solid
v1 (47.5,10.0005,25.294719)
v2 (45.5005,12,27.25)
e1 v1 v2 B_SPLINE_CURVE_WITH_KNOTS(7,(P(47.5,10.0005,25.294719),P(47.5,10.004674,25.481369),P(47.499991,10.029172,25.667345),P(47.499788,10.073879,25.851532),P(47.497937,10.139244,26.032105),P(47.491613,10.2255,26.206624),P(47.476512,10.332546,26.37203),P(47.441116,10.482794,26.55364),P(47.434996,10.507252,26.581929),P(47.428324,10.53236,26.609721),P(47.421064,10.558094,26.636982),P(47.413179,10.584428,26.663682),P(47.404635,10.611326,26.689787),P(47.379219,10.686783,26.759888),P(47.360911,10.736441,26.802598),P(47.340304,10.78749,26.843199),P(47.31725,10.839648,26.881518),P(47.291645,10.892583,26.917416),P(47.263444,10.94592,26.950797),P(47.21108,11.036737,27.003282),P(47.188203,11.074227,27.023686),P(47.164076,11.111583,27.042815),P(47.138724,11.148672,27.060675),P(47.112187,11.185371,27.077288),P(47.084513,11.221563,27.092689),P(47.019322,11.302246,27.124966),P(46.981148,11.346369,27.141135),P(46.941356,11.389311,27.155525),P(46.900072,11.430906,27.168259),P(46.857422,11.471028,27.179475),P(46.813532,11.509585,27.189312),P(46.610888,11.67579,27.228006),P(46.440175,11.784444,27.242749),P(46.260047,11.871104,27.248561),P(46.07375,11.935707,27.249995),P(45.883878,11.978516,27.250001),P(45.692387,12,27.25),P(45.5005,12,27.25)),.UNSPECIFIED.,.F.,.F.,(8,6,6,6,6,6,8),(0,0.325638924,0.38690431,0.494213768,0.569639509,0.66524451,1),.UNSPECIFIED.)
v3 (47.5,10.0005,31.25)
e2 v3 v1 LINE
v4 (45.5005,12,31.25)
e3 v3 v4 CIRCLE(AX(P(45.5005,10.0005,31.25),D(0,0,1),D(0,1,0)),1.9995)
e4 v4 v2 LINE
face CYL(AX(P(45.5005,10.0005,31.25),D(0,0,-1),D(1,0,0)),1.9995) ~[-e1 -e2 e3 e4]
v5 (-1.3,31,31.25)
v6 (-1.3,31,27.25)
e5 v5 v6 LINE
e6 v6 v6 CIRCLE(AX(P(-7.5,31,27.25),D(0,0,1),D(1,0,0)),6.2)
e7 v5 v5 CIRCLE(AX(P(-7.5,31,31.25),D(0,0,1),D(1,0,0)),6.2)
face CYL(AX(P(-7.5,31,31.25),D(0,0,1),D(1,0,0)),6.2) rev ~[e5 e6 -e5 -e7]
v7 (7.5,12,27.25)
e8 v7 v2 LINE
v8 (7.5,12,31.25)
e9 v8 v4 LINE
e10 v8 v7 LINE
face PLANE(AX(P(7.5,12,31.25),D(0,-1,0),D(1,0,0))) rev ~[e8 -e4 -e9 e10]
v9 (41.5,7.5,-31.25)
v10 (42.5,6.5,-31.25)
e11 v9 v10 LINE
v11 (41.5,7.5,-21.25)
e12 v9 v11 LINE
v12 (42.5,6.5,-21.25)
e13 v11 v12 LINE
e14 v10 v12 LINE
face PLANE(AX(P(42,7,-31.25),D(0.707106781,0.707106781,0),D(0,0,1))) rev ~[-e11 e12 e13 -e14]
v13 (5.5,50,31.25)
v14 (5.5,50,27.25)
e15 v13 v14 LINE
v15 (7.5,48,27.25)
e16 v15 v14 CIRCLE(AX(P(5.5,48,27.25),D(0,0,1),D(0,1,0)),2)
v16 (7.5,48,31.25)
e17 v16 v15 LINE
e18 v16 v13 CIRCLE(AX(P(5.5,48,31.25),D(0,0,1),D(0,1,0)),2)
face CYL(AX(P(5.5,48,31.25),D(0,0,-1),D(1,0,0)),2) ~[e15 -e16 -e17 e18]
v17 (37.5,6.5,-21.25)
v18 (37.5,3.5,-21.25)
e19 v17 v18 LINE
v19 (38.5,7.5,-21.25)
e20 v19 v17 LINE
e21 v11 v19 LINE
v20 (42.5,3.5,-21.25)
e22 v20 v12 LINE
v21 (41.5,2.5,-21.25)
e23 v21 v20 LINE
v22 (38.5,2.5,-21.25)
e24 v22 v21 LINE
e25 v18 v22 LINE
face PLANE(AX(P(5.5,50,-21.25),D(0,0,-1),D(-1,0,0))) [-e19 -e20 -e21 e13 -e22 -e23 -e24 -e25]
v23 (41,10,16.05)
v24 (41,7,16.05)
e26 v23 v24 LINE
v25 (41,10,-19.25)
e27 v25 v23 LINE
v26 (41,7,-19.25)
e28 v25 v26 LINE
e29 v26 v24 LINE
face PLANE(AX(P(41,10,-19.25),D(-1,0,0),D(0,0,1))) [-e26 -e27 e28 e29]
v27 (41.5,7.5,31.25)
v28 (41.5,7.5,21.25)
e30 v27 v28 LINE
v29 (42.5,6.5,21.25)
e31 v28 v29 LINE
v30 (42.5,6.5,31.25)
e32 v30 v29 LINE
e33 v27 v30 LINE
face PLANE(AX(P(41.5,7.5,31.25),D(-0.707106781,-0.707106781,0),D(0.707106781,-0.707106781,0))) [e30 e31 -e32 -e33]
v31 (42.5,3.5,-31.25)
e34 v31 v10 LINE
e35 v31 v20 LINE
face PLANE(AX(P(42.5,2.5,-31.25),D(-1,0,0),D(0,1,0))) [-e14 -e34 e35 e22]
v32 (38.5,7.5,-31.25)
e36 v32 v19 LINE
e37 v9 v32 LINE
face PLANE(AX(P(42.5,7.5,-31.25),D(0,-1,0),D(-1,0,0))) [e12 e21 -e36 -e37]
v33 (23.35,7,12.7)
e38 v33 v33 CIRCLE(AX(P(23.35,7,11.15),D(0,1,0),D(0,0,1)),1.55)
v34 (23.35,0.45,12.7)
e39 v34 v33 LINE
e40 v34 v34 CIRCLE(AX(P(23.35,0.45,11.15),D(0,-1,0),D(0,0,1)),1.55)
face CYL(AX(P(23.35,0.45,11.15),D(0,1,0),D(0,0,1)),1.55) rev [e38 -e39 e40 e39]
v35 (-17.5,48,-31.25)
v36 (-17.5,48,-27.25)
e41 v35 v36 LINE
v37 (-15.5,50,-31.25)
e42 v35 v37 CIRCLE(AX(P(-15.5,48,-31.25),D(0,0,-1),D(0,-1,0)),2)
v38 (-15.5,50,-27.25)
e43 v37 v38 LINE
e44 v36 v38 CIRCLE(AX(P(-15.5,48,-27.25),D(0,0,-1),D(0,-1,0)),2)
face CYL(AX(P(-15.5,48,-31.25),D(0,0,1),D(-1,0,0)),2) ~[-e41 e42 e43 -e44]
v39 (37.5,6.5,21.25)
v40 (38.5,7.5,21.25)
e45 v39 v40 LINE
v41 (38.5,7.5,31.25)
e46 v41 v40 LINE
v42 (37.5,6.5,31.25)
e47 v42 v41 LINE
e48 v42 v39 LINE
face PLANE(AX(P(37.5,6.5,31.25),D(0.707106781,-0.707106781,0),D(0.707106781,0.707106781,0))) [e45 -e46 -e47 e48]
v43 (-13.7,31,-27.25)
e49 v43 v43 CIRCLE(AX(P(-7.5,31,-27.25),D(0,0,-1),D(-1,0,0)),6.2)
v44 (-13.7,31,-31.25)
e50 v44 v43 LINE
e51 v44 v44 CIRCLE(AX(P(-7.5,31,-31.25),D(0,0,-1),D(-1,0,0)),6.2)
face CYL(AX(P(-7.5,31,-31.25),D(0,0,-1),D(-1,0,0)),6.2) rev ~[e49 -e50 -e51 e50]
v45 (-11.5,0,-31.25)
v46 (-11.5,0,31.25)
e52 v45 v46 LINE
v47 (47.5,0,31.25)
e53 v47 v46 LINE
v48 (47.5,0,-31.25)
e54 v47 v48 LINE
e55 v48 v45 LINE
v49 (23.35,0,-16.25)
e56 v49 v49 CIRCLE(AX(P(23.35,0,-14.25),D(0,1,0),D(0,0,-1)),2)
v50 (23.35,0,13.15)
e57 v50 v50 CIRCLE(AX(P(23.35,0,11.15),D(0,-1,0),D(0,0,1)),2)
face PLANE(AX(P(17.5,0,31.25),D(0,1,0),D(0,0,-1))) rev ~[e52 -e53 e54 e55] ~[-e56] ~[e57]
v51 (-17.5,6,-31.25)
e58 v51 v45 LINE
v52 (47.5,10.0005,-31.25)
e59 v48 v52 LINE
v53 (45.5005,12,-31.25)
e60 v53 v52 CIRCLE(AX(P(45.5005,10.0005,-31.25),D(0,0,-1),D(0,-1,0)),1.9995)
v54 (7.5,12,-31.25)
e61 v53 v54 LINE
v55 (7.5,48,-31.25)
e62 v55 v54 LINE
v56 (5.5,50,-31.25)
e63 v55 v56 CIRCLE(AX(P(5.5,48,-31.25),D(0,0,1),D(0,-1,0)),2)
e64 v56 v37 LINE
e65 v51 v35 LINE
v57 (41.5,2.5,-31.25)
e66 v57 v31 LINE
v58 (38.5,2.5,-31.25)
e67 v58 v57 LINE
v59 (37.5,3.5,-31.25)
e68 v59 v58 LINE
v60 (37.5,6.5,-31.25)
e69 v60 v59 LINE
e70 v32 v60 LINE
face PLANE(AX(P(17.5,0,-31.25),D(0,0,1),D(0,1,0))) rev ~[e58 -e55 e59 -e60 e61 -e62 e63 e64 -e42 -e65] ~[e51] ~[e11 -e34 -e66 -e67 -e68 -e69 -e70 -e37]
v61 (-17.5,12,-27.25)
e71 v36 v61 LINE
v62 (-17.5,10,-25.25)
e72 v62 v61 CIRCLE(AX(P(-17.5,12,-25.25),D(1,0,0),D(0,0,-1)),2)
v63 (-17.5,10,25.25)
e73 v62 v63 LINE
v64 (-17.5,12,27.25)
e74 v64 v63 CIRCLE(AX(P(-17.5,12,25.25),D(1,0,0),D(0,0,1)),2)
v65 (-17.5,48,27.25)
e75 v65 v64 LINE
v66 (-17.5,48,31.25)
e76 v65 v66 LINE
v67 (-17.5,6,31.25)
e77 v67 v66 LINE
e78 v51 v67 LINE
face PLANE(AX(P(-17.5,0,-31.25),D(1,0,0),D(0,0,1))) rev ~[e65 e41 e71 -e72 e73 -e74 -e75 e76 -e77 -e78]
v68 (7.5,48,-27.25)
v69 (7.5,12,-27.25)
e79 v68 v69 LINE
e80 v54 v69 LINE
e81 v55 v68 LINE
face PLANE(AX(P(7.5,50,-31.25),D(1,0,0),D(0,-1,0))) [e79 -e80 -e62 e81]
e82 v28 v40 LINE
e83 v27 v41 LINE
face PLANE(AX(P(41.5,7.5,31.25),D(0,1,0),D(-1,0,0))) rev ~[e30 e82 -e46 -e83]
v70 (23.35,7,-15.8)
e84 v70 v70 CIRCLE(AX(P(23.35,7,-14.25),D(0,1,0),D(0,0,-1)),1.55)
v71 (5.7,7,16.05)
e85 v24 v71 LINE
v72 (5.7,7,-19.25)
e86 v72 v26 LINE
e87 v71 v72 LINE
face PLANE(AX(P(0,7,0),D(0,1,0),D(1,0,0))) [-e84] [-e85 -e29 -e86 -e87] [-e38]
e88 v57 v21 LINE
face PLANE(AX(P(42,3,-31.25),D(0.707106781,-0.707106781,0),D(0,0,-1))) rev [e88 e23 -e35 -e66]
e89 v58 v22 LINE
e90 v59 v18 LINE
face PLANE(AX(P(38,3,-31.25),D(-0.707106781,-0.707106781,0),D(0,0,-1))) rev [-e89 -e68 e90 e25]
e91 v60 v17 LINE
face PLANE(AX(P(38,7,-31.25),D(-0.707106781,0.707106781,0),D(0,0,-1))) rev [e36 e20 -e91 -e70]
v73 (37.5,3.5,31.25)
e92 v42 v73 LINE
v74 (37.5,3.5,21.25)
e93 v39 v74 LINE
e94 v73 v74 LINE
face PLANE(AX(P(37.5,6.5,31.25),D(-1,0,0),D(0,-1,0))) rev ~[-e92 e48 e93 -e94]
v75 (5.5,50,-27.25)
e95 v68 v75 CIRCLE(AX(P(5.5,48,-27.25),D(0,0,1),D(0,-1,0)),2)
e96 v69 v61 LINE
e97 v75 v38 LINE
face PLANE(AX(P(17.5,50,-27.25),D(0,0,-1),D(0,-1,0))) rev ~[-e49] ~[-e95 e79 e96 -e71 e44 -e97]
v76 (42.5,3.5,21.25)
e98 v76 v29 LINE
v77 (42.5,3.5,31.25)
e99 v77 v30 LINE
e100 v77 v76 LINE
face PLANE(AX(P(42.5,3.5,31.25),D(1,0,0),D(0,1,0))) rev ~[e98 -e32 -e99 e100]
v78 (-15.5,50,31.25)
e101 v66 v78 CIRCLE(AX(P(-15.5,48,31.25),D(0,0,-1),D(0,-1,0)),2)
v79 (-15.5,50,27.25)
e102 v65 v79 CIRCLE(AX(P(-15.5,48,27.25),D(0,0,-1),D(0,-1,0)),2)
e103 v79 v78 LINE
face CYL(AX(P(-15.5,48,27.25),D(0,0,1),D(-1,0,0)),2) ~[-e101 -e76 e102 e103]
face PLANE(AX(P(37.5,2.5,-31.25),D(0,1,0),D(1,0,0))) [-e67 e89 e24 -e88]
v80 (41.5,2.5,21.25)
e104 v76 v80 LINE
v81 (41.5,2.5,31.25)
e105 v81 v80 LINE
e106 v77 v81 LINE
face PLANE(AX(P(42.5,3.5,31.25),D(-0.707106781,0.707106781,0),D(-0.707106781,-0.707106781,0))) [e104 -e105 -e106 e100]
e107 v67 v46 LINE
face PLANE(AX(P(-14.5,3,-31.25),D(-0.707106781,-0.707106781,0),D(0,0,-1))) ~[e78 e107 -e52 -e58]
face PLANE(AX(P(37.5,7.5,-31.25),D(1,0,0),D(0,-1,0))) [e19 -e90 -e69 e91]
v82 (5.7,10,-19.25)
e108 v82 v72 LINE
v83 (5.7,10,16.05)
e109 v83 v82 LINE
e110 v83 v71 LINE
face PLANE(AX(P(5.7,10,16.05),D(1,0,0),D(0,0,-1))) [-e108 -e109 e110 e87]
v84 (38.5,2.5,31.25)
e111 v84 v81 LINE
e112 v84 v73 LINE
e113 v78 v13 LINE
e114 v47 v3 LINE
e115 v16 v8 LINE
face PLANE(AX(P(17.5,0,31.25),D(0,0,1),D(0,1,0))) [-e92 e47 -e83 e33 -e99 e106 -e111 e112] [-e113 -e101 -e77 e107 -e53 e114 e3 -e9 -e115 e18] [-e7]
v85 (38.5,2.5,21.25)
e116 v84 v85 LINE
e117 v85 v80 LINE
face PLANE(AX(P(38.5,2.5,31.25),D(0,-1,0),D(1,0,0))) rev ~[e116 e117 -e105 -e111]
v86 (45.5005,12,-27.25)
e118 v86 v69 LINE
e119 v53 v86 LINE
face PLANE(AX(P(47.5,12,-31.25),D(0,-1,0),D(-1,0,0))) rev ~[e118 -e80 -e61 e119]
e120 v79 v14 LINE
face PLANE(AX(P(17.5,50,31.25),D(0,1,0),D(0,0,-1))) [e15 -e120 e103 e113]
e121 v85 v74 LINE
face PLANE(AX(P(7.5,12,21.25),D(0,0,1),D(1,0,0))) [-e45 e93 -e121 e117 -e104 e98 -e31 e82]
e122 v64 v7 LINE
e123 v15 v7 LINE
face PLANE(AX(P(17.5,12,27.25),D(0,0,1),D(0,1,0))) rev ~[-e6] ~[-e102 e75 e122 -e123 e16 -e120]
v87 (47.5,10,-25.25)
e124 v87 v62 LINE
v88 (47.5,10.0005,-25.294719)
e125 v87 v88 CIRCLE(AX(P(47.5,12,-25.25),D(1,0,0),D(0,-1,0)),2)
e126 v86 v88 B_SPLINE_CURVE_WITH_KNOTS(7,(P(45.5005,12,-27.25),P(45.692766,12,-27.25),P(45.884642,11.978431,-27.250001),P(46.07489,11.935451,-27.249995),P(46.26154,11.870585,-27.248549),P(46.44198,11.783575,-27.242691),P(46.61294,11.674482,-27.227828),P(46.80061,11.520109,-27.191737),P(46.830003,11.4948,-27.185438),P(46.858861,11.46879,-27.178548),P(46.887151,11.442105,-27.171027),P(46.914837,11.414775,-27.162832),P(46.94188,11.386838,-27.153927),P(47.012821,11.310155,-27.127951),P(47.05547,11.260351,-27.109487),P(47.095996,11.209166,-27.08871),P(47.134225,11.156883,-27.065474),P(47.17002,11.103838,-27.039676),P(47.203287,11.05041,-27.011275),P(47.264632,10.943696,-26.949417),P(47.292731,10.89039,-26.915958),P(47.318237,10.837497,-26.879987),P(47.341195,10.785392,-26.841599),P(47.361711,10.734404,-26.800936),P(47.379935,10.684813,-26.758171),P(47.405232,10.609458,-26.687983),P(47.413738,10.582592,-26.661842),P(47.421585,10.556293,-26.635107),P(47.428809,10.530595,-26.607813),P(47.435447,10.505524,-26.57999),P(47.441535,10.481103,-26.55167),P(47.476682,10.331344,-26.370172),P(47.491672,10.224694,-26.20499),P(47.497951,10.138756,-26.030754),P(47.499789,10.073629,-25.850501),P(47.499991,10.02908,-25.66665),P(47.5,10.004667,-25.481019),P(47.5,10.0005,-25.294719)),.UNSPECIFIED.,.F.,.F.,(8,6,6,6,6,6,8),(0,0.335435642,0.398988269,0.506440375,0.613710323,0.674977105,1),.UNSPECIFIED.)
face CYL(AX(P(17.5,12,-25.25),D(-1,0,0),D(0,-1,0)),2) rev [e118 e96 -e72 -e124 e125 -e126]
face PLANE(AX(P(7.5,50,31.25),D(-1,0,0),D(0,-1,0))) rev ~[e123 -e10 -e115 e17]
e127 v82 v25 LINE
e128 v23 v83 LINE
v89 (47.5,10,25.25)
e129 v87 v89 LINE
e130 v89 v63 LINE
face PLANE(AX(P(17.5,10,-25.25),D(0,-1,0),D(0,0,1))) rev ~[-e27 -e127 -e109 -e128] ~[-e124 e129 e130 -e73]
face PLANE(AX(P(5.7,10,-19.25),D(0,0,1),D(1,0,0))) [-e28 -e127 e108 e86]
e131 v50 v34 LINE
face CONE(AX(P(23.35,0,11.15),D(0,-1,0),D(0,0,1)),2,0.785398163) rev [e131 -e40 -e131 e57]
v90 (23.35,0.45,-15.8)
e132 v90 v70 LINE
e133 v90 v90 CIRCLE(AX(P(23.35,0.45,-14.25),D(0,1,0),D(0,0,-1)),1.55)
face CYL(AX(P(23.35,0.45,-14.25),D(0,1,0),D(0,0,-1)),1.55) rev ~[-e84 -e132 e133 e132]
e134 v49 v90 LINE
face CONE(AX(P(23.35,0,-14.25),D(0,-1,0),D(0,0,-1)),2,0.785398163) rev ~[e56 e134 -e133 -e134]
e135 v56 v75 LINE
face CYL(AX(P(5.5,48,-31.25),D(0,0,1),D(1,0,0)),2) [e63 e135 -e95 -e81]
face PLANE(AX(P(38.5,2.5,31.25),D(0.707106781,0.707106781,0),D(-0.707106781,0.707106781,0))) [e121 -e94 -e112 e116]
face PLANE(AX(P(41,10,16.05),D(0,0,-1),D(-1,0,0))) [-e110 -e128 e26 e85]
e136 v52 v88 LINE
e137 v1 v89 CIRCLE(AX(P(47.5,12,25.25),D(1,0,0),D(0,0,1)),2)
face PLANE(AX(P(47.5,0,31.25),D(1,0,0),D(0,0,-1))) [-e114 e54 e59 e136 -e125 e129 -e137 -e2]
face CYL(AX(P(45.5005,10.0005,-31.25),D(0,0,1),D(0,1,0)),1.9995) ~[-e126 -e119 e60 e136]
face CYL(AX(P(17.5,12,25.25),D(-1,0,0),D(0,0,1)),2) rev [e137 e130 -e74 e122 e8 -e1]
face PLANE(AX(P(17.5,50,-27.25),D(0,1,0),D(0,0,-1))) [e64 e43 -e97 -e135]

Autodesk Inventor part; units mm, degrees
ref_plane "YZ Plane" through (0, 0, 0) normal (1, 0, 0) x (0, 1, 0)
sketch "Sketch1" plane through (0, 0, 0) normal (0, 1, 0) x (-1, 0, 0)
  line L0 (17.5, 31.25) -> (-17.5, 31.25)
  line L1 (-17.5, 31.25) -> (-17.5, -31.25)
  line L2 (-17.5, -31.25) -> (17.5, -31.25)
  line L3 (17.5, -31.25) -> (17.5, 31.25)
  line L4 (17.5, 31.25) -> (-17.5, -31.25) construction
  line L5 (-17.5, 31.25) -> (17.5, -31.25) construction
  point P0 (0, 0)
  dimension "d0" = 35
  dimension "d1" = 62.5
extrude "Extrusion1" add sketch "Sketch1" along normal blind 50
sketch "Sketch2" plane through (0, 50, 0) normal (0, 1, 0) x (1, 0, 0)
  line L0 (17.5, -31.25) -> (17.5, 31.25) projected
  line L1 (-17.5, -27.25) -> (17.5, -27.25)
  line L2 (17.5, -27.25) -> (17.5, 27.25)
  line L3 (17.5, 27.25) -> (-17.5, 27.25)
  line L4 (-17.5, 27.25) -> (-17.5, -27.25)
  line L5 (-17.5, -27.25) -> (17.5, 27.25) construction
  line L6 (17.5, -27.25) -> (-17.5, 27.25) construction
  line L7 (-17.5, -31.25) -> (17.5, -31.25) projected
  point P0 (0, 0)
  point P1 (17.5, -27.25)
  dimension "d4" = 4
extrude "Extrusion2" cut sketch "Sketch2" against normal blind 40
sketch "Sketch3" plane through (-17.5, 0, 31.25) normal (0, 0, 1) x (1, 0, 0)
  circle A0 centre (10, 31) radius 6.2
  line L0 (35, 10) -> (0, 10) projected
  line L1 (35, 10) -> (35, 50) projected
  line L2 (0, 0) -> (0, 50) projected
  point P0 (17.5, 0)
  point P1 (35, 30)
  dimension "d7" = 12.4
  dimension "d15" = 21
  dimension "d38" = 10
extrude "Extrusion3" cut sketch "Sketch3" against normal blind 8
sketch "Sketch4" plane through (17.5, 0, -31.25) normal (0, 0, -1) x (-1, 0, 0)
  circle A0 centre (25, 31) radius 6.2 projected
  point P0 (17.5, 0)
extrude "Extrusion4" cut sketch "Sketch4" against normal blind 8
fillet "Fillet1" radius 2 2 edges at (0, 10, 27.25) (0, 10, -27.25)
sketch "Sketch5" plane through (17.5, 0, 31.25) normal (1, 0, 0) x (0, 0, -1)
  line L0 (4, 12) -> (4, 50) projected
  line L1 (0, 50) -> (4, 50) projected
  line L2 (0, 0) -> (0, 50) projected
  arc A0 (4, 12) -> (6, 10) centre (6, 12) ccw projected
  line L3 (0, 0) -> (62.5, 0) projected
  line L4 (56.5, 10) -> (6, 10) projected
  arc A1 (56.5, 10) -> (58.5, 12) centre (56.5, 12) ccw projected
  line L5 (58.5, 50) -> (58.5, 12) projected
  line L6 (62.5, 0) -> (62.5, 50) projected
  line L7 (58.5, 50) -> (62.5, 50) projected
  point P0 (31.25, 0)
extrude "Extrusion5" add sketch "Sketch5" along normal blind 30
sketch "Sketch6" plane through (0, 10, 0) normal (0, 1, 0) x (1, 0, 0)
  line L0 (5.7, 19.25) -> (41, 19.25)
  line L1 (41, 19.25) -> (41, -16.05)
  line L2 (41, -16.05) -> (5.7, -16.05)
  line L3 (5.7, -16.05) -> (5.7, 19.25)
  line L4 (5.7, 19.25) -> (41, -16.05) construction
  line L5 (41, 19.25) -> (5.7, -16.05) construction
  line L6 (-17.5, -25.25) -> (-17.5, 25.25) projected
  point P0 (0, 0)
  point P1 (23.35, 1.6)
  point P2 (-17.5, 0)
  point P3 (41, 1.6)
  point P4 (-17.5, 0)
  dimension "d16" = 35.3
  dimension "d17" = 35.3
  dimension "d84" = 1.6
  dimension "d108" = 58.5
extrude "Extrusion6" cut sketch "Sketch6" against normal blind 3
sketch "Sketch10" plane through (0, 0, 0) normal (0, -1, 0) x (1, 0, 0)
  line L0 (41, 16.05) -> (5.7, 16.05) projected
  line L1 (41, -19.25) -> (41, 16.05) projected
  line L2 (5.7, -19.25) -> (41, -19.25) projected
  line L3 (5.7, 16.05) -> (5.7, -19.25) projected
  point P0 (0, 0)
  point P1 (23.35, -14.25)
  point P2 (23.35, -19.25)
  dimension "d37" = 5
hole "Hole1" at (23.35, 0, -14.25) direction (0, 1, 0) diameter 3.1 end through all countersink diameter 4 countersink angle 90
ref_plane "Work Plane1" through (22.5, 0, -31.25) normal (-1, 0, 0) x (0, 0, 1)
fillet "Fillet4" radius 2 4 edges at (-17.5, 50, -29.25) (47.5, 50, -29.25) (47.5, 50, 29.25) (-17.5, 50, 29.25)
sketch "Sketch16" plane through (47.5, 0, -31.25) normal (0, 0, -1) x (-1, 0, 0)
  line L0 (63, 50) -> (2, 50) projected
  arc A0 (2, 50) -> (0, 48) centre (2, 48) ccw projected
  line L1 (0, 0) -> (0, 48) projected
  line L2 (0, 12) -> (65, 12) projected
  line L3 (40, 50) -> (40, 12)
  point P0 (47.5, 0)
  dimension "d93" = 40
extrude "Extrusion14" cut sketch "Sketch16" against normal blind 4
fillet "Fillet5" radius 2 1 edges at (7.5, 50, -29.25)
sketch "Sketch17" plane through (-17.5, 0, 31.25) normal (0, 0, 1) x (1, 0, 0)
  line L0 (2, 50) -> (63, 50) projected
  line L1 (65, 48) -> (65, 0) projected
  arc A0 (65, 48) -> (63, 50) centre (63, 48) ccw projected
  line L2 (0, 12) -> (65, 12) projected
  line L3 (25, 50) -> (25, 12)
  point P0 (17.5, 0)
  dimension "d88" = 40
extrude "Extrusion15" cut sketch "Sketch17" against normal blind 4
fillet "Fillet6" radius 2 2 edges at (47.5, 12, 29.25) (47.5, 12, -29.25)
fillet "Fillet7" radius 2 1 edges at (7.5, 50, 29.25)
ref_plane "Work Plane2" through (41, 10, -1.55) normal (0, 0, -1) x (-1, 0, 0)
mirror "Mirror5" about plane through (41, 10, -1.55) normal (0, 0, -1) of "Hole1"
chamfer "Chamfer1" distance 6 angle 45 1 edges at (-17.5, 0, 0)
sketch "Sketch18" plane through (5.5, 50, -31.25) normal (0, 0, -1) x (-1, 0, 0)
  line L0 (-37, -42.5) -> (-32, -42.5)
  line L1 (-32, -42.5) -> (-32, -47.5)
  line L2 (-32, -47.5) -> (-37, -47.5)
  line L3 (-37, -47.5) -> (-37, -42.5)
  line L4 (-42, -50) -> (-42, -40) projected
  point P0 (5.5, -50)
  point P1 (-42, -45)
  point P2 (-37, -45)
  point P3 (-42, -45)
  dimension "d98" = 5
  dimension "d99" = 5
  dimension "d100" = 5
extrude "Extrusion16" cut sketch "Sketch18" against normal blind 10
chamfer "Chamfer2" distance 1 angle 45 4 edges at (42.5, 7.5, -26.25) (37.5, 7.5, -26.25) (37.5, 2.5, -26.25) (42.5, 2.5, -26.25)
sketch "Sketch19" plane through (7.5, 12, 31.25) normal (0, 0, 1) x (1, 0, 0)
  line L0 (34, -4.5) -> (31, -4.5) projected
  line L1 (30, -5.5) -> (31, -4.5) projected
  line L2 (30, -5.5) -> (30, -8.5) projected
  line L3 (31, -9.5) -> (30, -8.5) projected
  line L4 (31, -9.5) -> (34, -9.5) projected
  line L5 (35, -8.5) -> (34, -9.5) projected
  line L6 (35, -8.5) -> (35, -5.5) projected
  line L7 (34, -4.5) -> (35, -5.5) projected
  point P0 (-7.5, -12)
extrude "Extrusion17" cut sketch "Sketch19" against normal blind 10
properties part number "base_engrane"
